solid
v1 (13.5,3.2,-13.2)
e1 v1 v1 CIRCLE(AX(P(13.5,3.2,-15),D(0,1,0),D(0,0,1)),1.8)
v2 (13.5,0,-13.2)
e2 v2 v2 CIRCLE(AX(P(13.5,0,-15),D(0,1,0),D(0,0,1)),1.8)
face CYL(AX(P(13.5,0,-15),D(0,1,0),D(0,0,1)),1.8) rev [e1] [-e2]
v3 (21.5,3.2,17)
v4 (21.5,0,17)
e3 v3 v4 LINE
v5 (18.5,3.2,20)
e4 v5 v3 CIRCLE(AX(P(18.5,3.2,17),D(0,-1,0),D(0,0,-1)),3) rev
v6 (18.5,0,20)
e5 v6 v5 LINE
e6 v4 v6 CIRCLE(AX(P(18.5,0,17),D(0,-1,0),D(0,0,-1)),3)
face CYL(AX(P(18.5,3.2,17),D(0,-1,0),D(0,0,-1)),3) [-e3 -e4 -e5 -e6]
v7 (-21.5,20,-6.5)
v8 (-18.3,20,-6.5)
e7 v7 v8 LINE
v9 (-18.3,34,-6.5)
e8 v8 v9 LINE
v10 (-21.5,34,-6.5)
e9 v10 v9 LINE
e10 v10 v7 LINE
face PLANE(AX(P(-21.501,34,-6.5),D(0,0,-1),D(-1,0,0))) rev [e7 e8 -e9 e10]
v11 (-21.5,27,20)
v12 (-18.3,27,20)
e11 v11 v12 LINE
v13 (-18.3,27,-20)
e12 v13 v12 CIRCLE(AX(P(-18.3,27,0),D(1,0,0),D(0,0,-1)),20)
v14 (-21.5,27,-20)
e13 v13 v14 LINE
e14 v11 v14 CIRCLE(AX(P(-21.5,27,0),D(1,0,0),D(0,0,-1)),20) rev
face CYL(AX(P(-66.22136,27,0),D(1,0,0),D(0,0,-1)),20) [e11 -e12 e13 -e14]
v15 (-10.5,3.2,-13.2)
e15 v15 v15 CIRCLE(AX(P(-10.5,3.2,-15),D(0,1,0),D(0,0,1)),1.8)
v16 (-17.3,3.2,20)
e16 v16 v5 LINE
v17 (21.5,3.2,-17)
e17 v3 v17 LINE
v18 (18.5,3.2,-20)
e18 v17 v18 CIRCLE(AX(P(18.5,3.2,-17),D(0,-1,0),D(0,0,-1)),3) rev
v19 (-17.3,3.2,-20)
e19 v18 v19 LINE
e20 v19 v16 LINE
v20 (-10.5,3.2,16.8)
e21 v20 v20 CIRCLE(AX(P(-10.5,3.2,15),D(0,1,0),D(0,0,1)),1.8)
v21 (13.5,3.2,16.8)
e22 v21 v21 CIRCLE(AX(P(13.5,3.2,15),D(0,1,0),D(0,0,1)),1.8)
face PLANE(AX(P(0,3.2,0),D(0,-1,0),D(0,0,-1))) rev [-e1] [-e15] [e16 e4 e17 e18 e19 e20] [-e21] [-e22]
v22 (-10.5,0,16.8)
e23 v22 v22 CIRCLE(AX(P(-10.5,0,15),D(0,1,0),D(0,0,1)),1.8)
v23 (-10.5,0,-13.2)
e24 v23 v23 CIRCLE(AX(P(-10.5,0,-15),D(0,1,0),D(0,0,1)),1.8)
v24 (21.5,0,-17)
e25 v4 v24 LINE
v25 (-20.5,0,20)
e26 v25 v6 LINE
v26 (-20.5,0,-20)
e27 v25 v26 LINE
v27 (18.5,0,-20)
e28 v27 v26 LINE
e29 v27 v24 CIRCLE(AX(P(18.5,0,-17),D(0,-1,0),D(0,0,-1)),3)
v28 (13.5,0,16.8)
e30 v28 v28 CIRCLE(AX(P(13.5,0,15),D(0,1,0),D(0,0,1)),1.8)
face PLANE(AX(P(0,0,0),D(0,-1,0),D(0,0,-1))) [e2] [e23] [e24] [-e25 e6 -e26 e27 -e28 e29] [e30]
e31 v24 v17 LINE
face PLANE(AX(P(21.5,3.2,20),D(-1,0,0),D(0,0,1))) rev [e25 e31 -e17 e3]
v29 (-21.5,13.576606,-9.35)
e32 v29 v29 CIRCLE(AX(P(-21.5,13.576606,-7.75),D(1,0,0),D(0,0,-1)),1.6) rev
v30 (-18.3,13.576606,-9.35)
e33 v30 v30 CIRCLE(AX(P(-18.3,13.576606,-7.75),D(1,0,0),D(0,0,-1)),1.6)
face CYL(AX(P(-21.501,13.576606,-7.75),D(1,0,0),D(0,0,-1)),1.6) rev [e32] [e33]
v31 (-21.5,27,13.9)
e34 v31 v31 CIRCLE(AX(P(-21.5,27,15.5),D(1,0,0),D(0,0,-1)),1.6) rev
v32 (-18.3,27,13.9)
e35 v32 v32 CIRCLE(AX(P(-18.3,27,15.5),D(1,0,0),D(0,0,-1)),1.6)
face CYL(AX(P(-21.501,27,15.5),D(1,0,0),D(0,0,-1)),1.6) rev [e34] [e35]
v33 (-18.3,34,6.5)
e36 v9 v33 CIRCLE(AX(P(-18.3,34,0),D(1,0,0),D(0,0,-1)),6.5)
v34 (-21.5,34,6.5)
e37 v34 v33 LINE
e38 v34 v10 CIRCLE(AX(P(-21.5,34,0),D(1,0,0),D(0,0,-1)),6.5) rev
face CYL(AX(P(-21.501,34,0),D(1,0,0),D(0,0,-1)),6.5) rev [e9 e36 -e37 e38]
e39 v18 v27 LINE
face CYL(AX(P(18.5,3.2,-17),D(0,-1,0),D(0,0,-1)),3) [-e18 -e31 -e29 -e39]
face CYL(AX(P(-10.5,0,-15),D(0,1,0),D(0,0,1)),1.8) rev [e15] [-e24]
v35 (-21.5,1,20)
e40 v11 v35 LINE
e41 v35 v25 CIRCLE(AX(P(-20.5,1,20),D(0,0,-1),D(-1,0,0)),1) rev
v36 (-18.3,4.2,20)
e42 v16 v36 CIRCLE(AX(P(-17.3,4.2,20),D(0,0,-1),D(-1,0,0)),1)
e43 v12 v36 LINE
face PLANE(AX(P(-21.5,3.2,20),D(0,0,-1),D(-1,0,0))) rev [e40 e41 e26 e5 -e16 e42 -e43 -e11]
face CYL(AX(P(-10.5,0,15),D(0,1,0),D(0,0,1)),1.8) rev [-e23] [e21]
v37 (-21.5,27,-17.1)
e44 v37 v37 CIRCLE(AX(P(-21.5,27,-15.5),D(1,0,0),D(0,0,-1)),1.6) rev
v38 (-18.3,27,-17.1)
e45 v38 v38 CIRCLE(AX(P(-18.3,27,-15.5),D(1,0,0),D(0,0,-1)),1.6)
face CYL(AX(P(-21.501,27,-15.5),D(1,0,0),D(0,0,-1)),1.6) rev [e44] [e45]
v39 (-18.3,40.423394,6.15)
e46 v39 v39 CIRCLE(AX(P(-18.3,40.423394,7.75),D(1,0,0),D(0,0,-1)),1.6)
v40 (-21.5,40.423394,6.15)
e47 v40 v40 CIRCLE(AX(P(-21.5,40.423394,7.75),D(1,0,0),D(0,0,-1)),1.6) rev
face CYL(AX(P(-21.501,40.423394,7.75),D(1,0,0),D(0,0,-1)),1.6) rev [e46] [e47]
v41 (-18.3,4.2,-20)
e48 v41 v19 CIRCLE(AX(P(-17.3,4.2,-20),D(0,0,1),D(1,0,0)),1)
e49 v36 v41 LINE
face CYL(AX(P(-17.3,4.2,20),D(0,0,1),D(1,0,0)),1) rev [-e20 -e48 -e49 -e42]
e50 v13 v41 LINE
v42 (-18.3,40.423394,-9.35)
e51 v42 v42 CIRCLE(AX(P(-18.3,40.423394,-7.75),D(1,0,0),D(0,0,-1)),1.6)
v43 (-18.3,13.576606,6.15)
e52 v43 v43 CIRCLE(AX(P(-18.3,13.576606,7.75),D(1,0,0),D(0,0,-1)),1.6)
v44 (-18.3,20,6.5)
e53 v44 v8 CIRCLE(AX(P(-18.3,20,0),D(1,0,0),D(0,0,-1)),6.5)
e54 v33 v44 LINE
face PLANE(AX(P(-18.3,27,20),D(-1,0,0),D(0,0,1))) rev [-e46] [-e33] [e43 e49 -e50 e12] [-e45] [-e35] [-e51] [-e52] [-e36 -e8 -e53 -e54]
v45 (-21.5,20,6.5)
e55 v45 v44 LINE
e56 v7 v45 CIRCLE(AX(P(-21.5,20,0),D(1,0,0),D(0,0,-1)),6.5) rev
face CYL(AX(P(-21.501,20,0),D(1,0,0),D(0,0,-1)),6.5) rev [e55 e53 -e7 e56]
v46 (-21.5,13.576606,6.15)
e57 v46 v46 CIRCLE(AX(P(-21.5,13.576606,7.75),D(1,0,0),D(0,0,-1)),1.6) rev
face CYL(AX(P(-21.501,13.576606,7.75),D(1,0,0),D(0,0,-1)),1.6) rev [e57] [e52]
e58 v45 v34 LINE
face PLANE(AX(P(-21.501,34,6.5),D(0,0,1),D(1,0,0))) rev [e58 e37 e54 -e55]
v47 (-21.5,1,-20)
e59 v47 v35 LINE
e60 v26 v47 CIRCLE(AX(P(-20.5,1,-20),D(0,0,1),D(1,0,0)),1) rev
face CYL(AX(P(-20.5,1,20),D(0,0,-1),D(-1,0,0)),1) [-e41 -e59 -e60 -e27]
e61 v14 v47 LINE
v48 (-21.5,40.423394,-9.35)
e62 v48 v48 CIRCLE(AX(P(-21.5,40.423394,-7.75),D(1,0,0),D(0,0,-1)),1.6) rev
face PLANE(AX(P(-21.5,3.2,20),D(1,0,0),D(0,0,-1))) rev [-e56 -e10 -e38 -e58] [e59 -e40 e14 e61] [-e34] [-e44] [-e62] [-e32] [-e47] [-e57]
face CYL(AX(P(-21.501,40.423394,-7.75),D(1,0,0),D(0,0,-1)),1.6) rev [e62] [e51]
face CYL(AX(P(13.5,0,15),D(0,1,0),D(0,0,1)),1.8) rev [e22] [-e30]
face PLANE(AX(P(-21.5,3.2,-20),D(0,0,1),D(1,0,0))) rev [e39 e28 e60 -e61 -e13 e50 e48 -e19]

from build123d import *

# Parameters (mm, degrees)
SKETCH_1_W          = 43
SKETCH_1_H          = 40
EXTRUDE_1_DEPTH     = 3.2
SKETCH_2_W          = 3.2
SKETCH_2_H          = 40
EXTRUDE_2_DEPTH     = 23.8
EXTRUDE_3_DEPTH     = 3.2
SKETCH_4_R          = 1.8
CUT_EXTRUDE_1_DEPTH = 53.732248198
FILLET_1_R          = 3
CUT_EXTRUDE_2_REACH = 66.754
SKETCH_5_R          = 1.6
FILLET_2_R          = 1


with BuildPart() as part:
    # 草图1 → 凸台-拉伸1 (new body)
    with BuildSketch(Plane(origin=(0, 0, 0), x_dir=(1, 0, 0), z_dir=(0, 1, 0))):
        Rectangle(SKETCH_1_W, SKETCH_1_H)
    extrude(amount=EXTRUDE_1_DEPTH)

    # 草图2 → 凸台-拉伸2 (add)
    with BuildSketch(Plane(origin=(0, 3.2, 0), x_dir=(1, 0, 0), z_dir=(0, 1, 0))):
        with Locations((-19.9, 0)):
            Rectangle(SKETCH_2_W, SKETCH_2_H)
    extrude(amount=EXTRUDE_2_DEPTH)

    # 草图3 → 凸台-拉伸3 (add)
    with BuildSketch(Plane(origin=(-18.3, 0, 0), x_dir=(0, 0, -1), z_dir=(1, 0, 0))):
        with BuildLine():
            Line((-20, 27), (20, 27))
            ThreePointArc((20, 27), (0, 47), (-20, 27))
        make_face()
    extrude(amount=-EXTRUDE_3_DEPTH)

    # 草图4 → 切除-拉伸1 (cut, through all)
    with BuildSketch(Plane(origin=(0, 3.2, 0), x_dir=(1, 0, 0), z_dir=(0, 1, 0))):
        with Locations(Location((13.5, 15, 0), (0, 0, 270))):
            Circle(SKETCH_4_R)
        with Locations(Location((-10.5, 15, 0), (0, 0, 270))):
            Circle(SKETCH_4_R)
        with Locations(Location((-10.5, -15, 0), (0, 0, 270))):
            Circle(SKETCH_4_R)
        with Locations(Location((13.5, -15, 0), (0, 0, 270))):
            Circle(SKETCH_4_R)
    extrude(amount=-CUT_EXTRUDE_1_DEPTH, mode=Mode.SUBTRACT)

    # 圆角1
    fillet_1_edges = [part.edges().sort_by_distance(p)[0] for p in [
        (21.5, 1.6, 20),
        (21.5, 1.6, -20),
    ]]
    fillet(fillet_1_edges, radius=FILLET_1_R)

    # 草图5 → 切除-拉伸2 (cut, up to next)
    with BuildSketch(Plane(origin=(-18.3, 0, 0), x_dir=(0, 0, -1), z_dir=(1, 0, 0)), mode=Mode.PRIVATE) as cut_extrude_2_sk1:
        with Locations((-7.75, 40.423393759)):
            Circle(SKETCH_5_R)
    cut_extrude_2_tool1 = extrude(cut_extrude_2_sk1.sketch, amount=-CUT_EXTRUDE_2_REACH, mode=Mode.PRIVATE) & part.part
    # 草图5 → 切除-拉伸2 (cut, up to next)
    with BuildSketch(Plane(origin=(-18.3, 0, 0), x_dir=(0, 0, -1), z_dir=(1, 0, 0)), mode=Mode.PRIVATE) as cut_extrude_2_sk2:
        with Locations((7.75, 40.423393759)):
            Circle(SKETCH_5_R)
    cut_extrude_2_tool2 = extrude(cut_extrude_2_sk2.sketch, amount=-CUT_EXTRUDE_2_REACH, mode=Mode.PRIVATE) & part.part
    # 草图5 → 切除-拉伸2 (cut, up to next)
    with BuildSketch(Plane(origin=(-18.3, 0, 0), x_dir=(0, 0, -1), z_dir=(1, 0, 0)), mode=Mode.PRIVATE) as cut_extrude_2_sk3:
        with Locations((15.5, 27)):
            Circle(SKETCH_5_R)
    cut_extrude_2_tool3 = extrude(cut_extrude_2_sk3.sketch, amount=-CUT_EXTRUDE_2_REACH, mode=Mode.PRIVATE) & part.part
    # 草图5 → 切除-拉伸2 (cut, up to next)
    with BuildSketch(Plane(origin=(-18.3, 0, 0), x_dir=(0, 0, -1), z_dir=(1, 0, 0)), mode=Mode.PRIVATE) as cut_extrude_2_sk4:
        with Locations((7.75, 13.576606241)):
            Circle(SKETCH_5_R)
    cut_extrude_2_tool4 = extrude(cut_extrude_2_sk4.sketch, amount=-CUT_EXTRUDE_2_REACH, mode=Mode.PRIVATE) & part.part
    # 草图5 → 切除-拉伸2 (cut, up to next)
    with BuildSketch(Plane(origin=(-18.3, 0, 0), x_dir=(0, 0, -1), z_dir=(1, 0, 0)), mode=Mode.PRIVATE) as cut_extrude_2_sk5:
        with Locations((-7.75, 13.576606241)):
            Circle(SKETCH_5_R)
    cut_extrude_2_tool5 = extrude(cut_extrude_2_sk5.sketch, amount=-CUT_EXTRUDE_2_REACH, mode=Mode.PRIVATE) & part.part
    # 草图5 → 切除-拉伸2 (cut, up to next)
    with BuildSketch(Plane(origin=(-18.3, 0, 0), x_dir=(0, 0, -1), z_dir=(1, 0, 0)), mode=Mode.PRIVATE) as cut_extrude_2_sk6:
        with Locations((-15.5, 27)):
            Circle(SKETCH_5_R)
    cut_extrude_2_tool6 = extrude(cut_extrude_2_sk6.sketch, amount=-CUT_EXTRUDE_2_REACH, mode=Mode.PRIVATE) & part.part
    # 草图5 → 切除-拉伸2 (cut, up to next)
    with BuildSketch(Plane(origin=(-18.3, 0, 0), x_dir=(0, 0, -1), z_dir=(1, 0, 0)), mode=Mode.PRIVATE) as cut_extrude_2_sk7:
        with BuildLine():
            Line((6.5, 34), (6.5, 20))
            ThreePointArc((6.5, 20), (0, 13.5), (-6.5, 20))
            Line((-6.5, 20), (-6.5, 34))
            ThreePointArc((-6.5, 34), (0, 40.5), (6.5, 34))
        make_face()
    cut_extrude_2_tool7 = extrude(cut_extrude_2_sk7.sketch, amount=-CUT_EXTRUDE_2_REACH, mode=Mode.PRIVATE) & part.part
    add(cut_extrude_2_tool1.solids().sort_by_distance((-18.3, 40.423394, 7.75))[0], mode=Mode.SUBTRACT)
    add(cut_extrude_2_tool2.solids().sort_by_distance((-18.3, 40.423394, -7.75))[0], mode=Mode.SUBTRACT)
    add(cut_extrude_2_tool3.solids().sort_by_distance((-18.3, 27, -15.5))[0], mode=Mode.SUBTRACT)
    add(cut_extrude_2_tool4.solids().sort_by_distance((-18.3, 13.576606, -7.75))[0], mode=Mode.SUBTRACT)
    add(cut_extrude_2_tool5.solids().sort_by_distance((-18.3, 13.576606, 7.75))[0], mode=Mode.SUBTRACT)
    add(cut_extrude_2_tool6.solids().sort_by_distance((-18.3, 27, 15.5))[0], mode=Mode.SUBTRACT)
    add(cut_extrude_2_tool7.solids().sort_by_distance((-18.3, 27, 0))[0], mode=Mode.SUBTRACT)

    # 圆角2
    fillet_2_edges = [part.edges().sort_by_distance(p)[0] for p in [
        (-18.3, 3.2, 0),
        (-21.5, 0, 0),
    ]]
    fillet(fillet_2_edges, radius=FILLET_2_R)


solid = part.part
